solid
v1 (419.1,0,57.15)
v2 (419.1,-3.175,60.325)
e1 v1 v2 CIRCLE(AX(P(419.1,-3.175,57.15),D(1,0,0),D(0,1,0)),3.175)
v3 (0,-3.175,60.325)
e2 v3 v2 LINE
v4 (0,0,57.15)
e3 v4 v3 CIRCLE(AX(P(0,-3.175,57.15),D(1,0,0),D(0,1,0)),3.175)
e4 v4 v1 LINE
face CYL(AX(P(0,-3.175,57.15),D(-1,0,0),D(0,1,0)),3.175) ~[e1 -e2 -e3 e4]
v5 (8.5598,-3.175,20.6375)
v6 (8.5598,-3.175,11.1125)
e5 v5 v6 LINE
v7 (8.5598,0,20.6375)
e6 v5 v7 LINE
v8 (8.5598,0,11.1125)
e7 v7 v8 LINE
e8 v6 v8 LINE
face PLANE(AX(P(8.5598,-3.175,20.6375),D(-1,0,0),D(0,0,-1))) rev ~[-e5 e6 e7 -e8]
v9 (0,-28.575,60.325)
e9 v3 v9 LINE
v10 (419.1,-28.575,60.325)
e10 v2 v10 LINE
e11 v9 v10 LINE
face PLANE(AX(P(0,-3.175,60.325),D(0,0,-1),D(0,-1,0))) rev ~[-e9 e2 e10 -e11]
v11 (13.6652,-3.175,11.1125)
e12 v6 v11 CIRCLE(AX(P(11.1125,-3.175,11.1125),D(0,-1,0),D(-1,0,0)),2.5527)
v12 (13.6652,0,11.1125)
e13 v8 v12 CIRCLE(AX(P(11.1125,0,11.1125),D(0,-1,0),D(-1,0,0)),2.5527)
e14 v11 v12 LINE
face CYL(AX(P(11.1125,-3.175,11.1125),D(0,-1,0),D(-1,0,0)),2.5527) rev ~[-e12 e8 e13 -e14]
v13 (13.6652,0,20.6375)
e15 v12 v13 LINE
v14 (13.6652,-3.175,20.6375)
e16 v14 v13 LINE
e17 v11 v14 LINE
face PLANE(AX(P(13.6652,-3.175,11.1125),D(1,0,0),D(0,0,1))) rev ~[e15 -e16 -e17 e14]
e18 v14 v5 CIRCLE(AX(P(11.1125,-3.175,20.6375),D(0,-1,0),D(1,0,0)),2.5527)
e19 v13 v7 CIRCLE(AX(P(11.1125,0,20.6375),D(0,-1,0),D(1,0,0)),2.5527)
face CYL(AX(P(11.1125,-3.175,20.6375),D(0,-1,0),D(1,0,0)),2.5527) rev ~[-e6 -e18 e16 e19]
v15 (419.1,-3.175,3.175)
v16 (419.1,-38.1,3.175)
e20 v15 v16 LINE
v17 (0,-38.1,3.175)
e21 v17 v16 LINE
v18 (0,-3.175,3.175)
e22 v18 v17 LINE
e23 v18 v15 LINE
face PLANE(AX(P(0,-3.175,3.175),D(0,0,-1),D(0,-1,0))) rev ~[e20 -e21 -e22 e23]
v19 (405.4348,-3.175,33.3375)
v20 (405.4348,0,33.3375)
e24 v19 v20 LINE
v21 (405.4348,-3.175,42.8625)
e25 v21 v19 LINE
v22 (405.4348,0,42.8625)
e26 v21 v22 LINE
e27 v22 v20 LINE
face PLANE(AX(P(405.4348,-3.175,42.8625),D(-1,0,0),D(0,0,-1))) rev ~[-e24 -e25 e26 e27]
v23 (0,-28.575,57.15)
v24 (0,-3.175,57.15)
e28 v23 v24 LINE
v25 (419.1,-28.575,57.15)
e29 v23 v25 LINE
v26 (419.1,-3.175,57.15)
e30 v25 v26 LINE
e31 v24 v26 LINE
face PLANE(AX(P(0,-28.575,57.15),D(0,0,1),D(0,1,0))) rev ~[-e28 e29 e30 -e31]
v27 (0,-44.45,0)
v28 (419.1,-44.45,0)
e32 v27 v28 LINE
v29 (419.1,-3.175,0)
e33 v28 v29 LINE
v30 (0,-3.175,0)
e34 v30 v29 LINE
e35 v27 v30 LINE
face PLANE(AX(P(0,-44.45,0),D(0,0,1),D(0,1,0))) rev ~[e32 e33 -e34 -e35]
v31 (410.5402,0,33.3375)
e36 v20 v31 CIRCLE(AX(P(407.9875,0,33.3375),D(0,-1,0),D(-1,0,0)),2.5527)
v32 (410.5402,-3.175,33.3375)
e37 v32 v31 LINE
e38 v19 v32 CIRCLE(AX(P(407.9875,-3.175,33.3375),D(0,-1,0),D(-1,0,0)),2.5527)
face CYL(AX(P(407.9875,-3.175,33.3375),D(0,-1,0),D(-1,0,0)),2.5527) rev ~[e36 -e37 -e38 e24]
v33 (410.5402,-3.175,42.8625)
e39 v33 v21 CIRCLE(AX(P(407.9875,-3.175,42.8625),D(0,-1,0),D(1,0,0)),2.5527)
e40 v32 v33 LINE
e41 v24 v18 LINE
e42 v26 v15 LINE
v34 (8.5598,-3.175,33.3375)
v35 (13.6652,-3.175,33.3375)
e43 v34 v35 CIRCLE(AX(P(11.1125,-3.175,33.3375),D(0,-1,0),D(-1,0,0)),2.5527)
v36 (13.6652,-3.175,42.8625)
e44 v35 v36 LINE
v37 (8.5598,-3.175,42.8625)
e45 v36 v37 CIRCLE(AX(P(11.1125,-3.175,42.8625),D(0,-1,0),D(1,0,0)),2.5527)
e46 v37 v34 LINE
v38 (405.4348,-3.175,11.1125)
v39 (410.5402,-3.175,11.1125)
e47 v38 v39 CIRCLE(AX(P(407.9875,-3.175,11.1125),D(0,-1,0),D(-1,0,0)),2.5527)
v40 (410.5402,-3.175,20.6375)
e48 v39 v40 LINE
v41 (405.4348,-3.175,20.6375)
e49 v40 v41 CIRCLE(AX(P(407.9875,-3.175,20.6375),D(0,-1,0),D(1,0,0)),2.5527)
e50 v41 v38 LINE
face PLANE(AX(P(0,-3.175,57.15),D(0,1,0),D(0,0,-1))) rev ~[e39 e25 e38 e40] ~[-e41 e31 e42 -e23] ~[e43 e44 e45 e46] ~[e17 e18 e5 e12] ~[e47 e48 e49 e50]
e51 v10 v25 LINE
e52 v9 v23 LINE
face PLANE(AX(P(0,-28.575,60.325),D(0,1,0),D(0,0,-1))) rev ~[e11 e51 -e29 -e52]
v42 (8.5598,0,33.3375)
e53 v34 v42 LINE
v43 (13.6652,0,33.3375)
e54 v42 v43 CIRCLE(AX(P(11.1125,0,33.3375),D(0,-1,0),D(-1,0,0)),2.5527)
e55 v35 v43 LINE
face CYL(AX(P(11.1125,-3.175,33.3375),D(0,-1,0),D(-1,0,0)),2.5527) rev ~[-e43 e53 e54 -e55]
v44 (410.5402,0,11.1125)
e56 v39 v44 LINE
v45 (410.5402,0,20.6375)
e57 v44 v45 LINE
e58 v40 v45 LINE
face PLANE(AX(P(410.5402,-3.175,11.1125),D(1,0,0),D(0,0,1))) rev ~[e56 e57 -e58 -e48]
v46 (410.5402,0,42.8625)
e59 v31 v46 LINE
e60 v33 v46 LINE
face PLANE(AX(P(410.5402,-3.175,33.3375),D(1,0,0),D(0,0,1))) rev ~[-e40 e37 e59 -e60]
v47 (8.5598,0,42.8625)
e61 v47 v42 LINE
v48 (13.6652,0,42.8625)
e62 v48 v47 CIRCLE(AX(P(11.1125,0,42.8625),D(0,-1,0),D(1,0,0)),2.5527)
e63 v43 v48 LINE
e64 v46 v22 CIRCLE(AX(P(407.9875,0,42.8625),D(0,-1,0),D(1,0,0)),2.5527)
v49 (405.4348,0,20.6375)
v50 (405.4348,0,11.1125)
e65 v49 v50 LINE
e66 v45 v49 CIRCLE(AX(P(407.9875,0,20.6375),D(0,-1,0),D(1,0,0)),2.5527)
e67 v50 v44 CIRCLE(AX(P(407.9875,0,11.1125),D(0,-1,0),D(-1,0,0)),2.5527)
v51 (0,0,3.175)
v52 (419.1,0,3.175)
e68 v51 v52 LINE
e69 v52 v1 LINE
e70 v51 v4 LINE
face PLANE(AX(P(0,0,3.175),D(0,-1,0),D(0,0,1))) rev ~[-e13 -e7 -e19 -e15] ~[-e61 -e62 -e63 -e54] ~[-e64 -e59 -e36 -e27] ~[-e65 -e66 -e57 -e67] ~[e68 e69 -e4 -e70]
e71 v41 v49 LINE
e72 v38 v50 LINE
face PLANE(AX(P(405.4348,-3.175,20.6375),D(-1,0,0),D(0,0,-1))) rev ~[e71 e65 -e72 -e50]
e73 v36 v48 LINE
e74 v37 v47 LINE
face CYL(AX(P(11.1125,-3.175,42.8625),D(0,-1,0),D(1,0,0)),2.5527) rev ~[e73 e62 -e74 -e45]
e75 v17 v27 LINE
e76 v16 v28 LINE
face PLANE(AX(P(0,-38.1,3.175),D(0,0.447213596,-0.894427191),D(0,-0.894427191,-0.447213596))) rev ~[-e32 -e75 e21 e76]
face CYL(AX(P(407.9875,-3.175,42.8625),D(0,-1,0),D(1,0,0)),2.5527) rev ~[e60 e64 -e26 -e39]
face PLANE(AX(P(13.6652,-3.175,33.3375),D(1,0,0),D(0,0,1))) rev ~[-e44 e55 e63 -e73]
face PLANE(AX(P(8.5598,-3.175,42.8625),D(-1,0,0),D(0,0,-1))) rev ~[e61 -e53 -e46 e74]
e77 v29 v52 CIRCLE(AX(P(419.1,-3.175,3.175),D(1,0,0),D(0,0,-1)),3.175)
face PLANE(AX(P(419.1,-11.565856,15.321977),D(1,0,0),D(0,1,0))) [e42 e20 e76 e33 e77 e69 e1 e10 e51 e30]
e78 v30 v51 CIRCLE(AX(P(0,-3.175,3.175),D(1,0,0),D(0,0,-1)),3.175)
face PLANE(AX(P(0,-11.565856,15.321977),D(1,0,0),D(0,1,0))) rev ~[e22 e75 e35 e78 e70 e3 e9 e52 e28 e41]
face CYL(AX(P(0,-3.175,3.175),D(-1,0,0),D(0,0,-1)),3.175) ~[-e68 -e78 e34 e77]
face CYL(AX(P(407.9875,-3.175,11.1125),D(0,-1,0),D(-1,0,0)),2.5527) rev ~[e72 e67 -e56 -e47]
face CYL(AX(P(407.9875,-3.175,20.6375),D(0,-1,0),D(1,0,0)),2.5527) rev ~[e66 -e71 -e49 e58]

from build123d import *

# Parameters (mm, degrees)
F1_DEPTH = 419.1
F3_DEPTH = 3.176


with BuildPart() as f1:
    # F0 (on Right) → F1 (new body)
    with BuildSketch(Plane.YZ):
        with BuildLine():
            Line((-38.1, 3.175), (-44.45, 0))
            Line((-44.45, 0), (-3.175, 0))
            ThreePointArc((-3.175, 0), (-0.9299359697, 0.9299359697), (0, 3.175))
            Line((0, 3.175), (0, 50.8))
            Line((0, 50.8), (-3.175, 50.8))
            Line((-3.175, 50.8), (-3.175, 3.175))
            Line((-3.175, 3.175), (-38.1, 3.175))
        make_face()
        with BuildLine():
            Line((-3.175, 50.8), (0, 50.8))
            Line((0, 50.8), (0, 57.15))
            ThreePointArc((0, 57.15), (-0.9299359697, 59.3950640303), (-3.175, 60.325))
            Line((-3.175, 60.325), (-28.575, 60.325))
            Line((-28.575, 60.325), (-28.575, 57.15))
            Line((-28.575, 57.15), (-3.175, 57.15))
            Line((-3.175, 57.15), (-3.175, 50.8))
        make_face()
    extrude(amount=F1_DEPTH)

    # F2 (on face) → F3 (cut, through all)
    with BuildSketch(Plane.XZ.offset(3.175)):
        with BuildLine():
            ThreePointArc((8.5598, 33.3375), (11.1125, 30.7848), (13.6652, 33.3375))
            Line((13.6652, 33.3375), (13.6652, 42.8625))
            ThreePointArc((13.6652, 42.8625), (11.1125, 45.4152), (8.5598, 42.8625))
            Line((8.5598, 42.8625), (8.5598, 33.3375))
        make_face()
        with BuildLine():
            ThreePointArc((13.6652, 20.6375), (11.1125, 23.1902), (8.5598, 20.6375))
            Line((8.5598, 20.6375), (8.5598, 11.1125))
            ThreePointArc((8.5598, 11.1125), (11.1125, 8.5598), (13.6652, 11.1125))
            Line((13.6652, 11.1125), (13.6652, 20.6375))
        make_face()
        with BuildLine():
            Line((405.4348, 42.8625), (405.4348, 33.3375))
            ThreePointArc((405.4348, 33.3375), (407.9875, 30.7848), (410.5402, 33.3375))
            Line((410.5402, 33.3375), (410.5402, 42.8625))
            ThreePointArc((410.5402, 42.8625), (407.9875, 45.4152), (405.4348, 42.8625))
        make_face()
        with BuildLine():
            ThreePointArc((405.4348, 11.1125), (407.9875, 8.5598), (410.5402, 11.1125))
            Line((410.5402, 11.1125), (410.5402, 20.6375))
            ThreePointArc((410.5402, 20.6375), (407.9875, 23.1902), (405.4348, 20.6375))
            Line((405.4348, 20.6375), (405.4348, 11.1125))
        make_face()
    extrude(amount=-F3_DEPTH, mode=Mode.SUBTRACT)


solid = f1.part
